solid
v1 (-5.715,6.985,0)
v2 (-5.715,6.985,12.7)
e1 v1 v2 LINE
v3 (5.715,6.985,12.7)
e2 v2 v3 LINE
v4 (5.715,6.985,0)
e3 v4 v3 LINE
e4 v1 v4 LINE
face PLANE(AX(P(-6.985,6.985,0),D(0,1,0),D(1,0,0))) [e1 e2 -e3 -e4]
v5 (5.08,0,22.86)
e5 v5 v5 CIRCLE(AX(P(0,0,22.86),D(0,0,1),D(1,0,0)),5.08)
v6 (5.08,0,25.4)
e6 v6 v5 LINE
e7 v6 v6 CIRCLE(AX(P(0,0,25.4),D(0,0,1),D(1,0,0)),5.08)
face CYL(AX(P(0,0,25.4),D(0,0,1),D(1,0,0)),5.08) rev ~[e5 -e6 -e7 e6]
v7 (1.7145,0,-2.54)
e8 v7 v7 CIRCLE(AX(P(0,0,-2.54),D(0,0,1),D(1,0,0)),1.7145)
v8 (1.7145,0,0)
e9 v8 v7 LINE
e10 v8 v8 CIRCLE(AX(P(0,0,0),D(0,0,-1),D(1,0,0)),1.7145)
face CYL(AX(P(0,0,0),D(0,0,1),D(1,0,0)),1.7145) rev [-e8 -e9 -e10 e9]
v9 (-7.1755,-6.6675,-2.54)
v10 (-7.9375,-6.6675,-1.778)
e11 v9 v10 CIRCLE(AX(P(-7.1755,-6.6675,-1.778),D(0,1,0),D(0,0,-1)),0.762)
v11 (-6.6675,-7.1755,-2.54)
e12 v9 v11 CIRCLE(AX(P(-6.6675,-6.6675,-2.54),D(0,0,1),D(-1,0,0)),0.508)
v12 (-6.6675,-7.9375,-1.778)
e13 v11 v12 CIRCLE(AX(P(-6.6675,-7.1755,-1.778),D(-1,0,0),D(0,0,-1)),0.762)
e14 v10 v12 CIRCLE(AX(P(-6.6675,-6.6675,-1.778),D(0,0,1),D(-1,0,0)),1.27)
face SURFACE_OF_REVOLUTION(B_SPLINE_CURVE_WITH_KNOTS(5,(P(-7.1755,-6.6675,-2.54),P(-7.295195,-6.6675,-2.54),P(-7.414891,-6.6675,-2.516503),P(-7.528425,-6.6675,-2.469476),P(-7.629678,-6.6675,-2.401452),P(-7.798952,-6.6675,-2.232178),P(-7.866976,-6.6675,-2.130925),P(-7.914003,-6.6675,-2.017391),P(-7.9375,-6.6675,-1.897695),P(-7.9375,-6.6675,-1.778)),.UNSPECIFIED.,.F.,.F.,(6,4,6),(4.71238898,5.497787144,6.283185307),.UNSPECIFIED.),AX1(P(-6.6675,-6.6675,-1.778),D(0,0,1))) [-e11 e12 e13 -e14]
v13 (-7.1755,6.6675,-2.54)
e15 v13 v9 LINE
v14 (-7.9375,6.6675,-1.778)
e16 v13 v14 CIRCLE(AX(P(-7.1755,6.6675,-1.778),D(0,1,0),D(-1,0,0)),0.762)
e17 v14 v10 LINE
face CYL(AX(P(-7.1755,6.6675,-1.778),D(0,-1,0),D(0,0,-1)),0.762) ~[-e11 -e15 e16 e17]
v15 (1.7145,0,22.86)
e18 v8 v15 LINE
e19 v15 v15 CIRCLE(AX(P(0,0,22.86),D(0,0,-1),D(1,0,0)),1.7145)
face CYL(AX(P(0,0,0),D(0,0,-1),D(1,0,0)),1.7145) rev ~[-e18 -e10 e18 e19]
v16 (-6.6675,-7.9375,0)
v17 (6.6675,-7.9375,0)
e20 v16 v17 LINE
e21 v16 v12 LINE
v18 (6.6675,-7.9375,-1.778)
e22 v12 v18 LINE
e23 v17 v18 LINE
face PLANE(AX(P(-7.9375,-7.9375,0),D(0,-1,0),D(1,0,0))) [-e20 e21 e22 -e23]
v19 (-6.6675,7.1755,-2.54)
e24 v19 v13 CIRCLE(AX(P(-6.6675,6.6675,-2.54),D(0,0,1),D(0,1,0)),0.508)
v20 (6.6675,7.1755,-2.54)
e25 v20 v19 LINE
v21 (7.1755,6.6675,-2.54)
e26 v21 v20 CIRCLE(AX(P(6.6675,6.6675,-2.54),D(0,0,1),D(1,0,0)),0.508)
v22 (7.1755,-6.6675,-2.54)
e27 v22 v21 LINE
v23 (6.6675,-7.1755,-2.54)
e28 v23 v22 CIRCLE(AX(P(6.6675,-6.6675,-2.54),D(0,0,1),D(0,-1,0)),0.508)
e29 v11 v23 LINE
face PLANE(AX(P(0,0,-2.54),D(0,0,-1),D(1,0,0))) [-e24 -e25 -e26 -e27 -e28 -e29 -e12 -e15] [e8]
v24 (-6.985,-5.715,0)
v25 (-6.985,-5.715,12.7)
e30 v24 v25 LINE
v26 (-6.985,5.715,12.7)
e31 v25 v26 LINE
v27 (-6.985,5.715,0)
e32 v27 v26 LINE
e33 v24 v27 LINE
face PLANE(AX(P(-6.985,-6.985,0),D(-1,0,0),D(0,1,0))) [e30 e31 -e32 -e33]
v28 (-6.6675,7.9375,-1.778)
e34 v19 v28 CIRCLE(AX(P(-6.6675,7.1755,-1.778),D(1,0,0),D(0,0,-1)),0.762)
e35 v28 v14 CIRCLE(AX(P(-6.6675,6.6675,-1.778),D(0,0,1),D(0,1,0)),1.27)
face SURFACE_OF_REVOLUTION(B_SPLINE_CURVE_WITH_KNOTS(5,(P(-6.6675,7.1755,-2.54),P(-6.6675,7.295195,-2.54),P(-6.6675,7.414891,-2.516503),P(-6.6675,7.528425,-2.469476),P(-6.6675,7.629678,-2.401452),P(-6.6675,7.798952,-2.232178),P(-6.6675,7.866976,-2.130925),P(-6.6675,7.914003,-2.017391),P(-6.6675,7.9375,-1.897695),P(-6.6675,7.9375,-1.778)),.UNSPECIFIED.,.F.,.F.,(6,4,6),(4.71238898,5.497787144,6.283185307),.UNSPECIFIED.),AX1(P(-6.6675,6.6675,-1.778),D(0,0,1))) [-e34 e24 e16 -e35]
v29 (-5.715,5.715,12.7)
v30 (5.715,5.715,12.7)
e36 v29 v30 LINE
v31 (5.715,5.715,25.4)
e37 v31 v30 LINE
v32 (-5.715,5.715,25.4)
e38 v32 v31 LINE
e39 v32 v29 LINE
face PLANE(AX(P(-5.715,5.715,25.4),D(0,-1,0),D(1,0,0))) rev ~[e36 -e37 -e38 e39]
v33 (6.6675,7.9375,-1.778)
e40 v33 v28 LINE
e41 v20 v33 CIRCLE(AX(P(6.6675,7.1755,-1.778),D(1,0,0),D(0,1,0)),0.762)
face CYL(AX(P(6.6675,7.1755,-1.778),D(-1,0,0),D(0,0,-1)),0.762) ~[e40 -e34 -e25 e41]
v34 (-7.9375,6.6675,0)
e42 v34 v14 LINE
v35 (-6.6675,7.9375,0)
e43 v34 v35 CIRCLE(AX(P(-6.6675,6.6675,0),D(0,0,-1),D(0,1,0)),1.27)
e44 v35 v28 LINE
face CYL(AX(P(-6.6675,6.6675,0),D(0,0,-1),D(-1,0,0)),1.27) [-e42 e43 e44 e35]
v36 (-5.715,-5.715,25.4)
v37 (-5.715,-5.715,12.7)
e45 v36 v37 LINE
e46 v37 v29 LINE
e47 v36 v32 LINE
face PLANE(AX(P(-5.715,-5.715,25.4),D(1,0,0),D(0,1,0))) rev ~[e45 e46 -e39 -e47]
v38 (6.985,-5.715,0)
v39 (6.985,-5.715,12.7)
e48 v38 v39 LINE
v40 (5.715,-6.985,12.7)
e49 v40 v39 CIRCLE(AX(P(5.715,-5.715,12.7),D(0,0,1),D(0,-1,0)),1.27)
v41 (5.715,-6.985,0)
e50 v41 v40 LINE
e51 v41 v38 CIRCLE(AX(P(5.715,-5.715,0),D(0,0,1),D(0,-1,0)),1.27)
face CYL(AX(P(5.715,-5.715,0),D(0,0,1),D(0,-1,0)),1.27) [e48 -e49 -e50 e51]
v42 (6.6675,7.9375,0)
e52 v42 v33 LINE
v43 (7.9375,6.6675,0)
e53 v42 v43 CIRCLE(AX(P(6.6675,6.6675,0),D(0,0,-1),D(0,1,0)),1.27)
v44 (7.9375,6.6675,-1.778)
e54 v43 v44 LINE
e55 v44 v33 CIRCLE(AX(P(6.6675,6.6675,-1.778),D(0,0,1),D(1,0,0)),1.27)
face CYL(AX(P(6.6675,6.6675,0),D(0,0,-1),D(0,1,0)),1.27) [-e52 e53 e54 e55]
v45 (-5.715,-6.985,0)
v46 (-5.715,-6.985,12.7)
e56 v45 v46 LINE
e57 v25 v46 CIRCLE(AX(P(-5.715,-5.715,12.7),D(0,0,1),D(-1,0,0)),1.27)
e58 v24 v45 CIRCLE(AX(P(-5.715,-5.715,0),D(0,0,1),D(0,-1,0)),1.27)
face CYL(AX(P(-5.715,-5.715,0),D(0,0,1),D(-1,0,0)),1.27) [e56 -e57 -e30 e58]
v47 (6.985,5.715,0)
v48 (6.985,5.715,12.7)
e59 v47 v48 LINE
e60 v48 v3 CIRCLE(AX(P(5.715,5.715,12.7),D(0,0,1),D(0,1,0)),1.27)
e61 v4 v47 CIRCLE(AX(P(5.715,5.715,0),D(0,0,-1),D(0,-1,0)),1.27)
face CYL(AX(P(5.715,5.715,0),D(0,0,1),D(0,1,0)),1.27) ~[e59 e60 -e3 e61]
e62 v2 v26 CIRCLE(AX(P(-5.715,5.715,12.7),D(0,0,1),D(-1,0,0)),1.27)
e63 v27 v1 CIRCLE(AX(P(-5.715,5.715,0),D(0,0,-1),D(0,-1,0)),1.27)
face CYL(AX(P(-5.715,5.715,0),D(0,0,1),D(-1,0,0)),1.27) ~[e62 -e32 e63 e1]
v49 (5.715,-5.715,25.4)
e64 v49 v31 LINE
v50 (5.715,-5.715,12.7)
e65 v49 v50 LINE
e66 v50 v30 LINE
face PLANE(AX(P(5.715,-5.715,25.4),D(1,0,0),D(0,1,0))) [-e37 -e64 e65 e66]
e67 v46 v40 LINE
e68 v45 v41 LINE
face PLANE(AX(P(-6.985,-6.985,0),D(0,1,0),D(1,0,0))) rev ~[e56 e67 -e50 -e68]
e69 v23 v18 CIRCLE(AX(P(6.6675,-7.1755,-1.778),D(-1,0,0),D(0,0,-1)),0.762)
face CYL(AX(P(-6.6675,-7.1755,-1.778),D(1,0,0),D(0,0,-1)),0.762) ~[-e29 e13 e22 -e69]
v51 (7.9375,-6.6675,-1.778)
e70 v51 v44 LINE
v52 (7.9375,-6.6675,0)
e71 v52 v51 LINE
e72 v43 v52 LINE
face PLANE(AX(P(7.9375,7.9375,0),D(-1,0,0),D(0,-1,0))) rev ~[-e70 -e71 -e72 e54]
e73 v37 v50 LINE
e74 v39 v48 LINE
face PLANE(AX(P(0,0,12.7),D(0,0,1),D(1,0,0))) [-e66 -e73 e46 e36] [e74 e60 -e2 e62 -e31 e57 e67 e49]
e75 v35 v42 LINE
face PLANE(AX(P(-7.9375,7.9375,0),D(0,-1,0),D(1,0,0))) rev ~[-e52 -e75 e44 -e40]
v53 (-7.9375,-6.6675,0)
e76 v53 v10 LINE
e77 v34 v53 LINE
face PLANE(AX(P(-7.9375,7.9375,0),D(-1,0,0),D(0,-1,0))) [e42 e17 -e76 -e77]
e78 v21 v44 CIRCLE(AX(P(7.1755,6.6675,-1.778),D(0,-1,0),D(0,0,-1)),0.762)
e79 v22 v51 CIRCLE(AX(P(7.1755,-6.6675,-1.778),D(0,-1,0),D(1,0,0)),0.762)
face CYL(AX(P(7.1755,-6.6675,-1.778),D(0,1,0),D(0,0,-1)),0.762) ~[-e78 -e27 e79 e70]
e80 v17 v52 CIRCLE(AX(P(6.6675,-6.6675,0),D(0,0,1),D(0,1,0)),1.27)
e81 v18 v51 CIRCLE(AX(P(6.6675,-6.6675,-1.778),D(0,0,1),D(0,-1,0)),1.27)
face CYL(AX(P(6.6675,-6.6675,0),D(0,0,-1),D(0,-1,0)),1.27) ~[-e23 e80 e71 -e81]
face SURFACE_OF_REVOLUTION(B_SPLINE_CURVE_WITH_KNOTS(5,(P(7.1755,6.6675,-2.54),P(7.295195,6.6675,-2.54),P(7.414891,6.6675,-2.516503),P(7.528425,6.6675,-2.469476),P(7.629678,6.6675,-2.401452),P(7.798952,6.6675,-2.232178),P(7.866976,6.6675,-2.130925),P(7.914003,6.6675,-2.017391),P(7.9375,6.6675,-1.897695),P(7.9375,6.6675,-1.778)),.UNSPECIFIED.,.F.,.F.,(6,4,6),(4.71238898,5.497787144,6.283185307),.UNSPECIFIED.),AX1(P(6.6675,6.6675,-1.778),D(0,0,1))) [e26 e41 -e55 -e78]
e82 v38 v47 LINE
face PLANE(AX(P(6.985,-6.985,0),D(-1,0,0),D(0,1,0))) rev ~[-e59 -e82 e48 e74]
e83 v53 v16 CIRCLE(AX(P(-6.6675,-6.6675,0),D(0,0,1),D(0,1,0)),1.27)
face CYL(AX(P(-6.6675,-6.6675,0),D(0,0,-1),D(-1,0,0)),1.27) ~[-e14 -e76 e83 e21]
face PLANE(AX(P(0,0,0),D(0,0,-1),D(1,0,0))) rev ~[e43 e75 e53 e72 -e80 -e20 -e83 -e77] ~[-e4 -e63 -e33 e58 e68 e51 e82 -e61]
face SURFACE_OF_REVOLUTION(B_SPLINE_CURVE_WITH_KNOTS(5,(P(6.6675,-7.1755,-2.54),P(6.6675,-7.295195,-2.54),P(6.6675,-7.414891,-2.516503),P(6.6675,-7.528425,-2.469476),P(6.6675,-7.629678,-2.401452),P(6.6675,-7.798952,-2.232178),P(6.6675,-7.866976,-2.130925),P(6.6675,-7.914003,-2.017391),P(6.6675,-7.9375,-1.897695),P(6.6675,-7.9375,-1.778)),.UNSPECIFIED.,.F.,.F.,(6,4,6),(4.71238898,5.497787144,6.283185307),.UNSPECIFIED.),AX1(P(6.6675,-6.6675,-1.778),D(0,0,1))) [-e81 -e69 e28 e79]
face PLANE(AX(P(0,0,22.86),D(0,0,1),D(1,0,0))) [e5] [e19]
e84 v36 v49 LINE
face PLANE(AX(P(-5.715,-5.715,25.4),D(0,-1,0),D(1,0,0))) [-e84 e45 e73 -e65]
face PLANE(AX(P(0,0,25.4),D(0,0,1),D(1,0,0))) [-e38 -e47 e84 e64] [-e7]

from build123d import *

# Parameters (mm, degrees)
F0_W           = 13.97
F0_H           = 13.97
F1_DEPTH       = 25.4
F2_R           = 5.08
F3_DEPTH       = 2.54
F5_R           = 1.27
F6_W           = 15.875
F6_H           = 15.875
F7_DEPTH       = 2.54
F8_R           = 1.27
F9_R           = 0.762
F4_R           = 1.7145
F10_DEPTH      = 25.401
F10_DEPTH_BACK = 2.541
F11_W          = 17.78
F11_H          = 17.78
F11_W_2        = 11.43
F11_H_2        = 11.43
F12_DEPTH      = 12.7


with BuildPart() as f1:
    # F0 (on Top) → F1 (new body)
    with BuildSketch(Plane.XY):
        Rectangle(F0_W, F0_H)
    extrude(amount=F1_DEPTH)

    # F2 (on face) → F3 (cut)
    with BuildSketch(Plane.XY.offset(25.4)):
        Circle(F2_R)
    extrude(amount=-F3_DEPTH, mode=Mode.SUBTRACT)

    # F5
    f5_edges = [f1.edges().sort_by_distance(p)[0] for p in [
        (-6.985, 6.985, 12.7),
        (-6.985, -6.985, 12.7),
        (6.985, 6.985, 12.7),
        (6.985, -6.985, 12.7),
    ]]
    fillet(f5_edges, radius=F5_R)

    # F6 (on face) → F7 (join)
    with BuildSketch(Plane(origin=(0, 0, 0), x_dir=(1, 0, 0), z_dir=(0, 0, -1))):
        Rectangle(F6_W, F6_H)
    extrude(amount=F7_DEPTH)

    # F8
    f8_edges = [f1.edges().sort_by_distance(p)[0] for p in [
        (7.9375, -7.9375, -1.27),
        (-7.9375, -7.9375, -1.27),
        (-7.9375, 7.9375, -1.27),
        (7.9375, 7.9375, -1.27),
    ]]
    fillet(f8_edges, radius=F8_R)

    # F9
    f9_edges = [f1.edges().sort_by_distance(p)[0] for p in [
        (0, -7.9375, -2.54),
    ]]
    fillet(f9_edges, radius=F9_R)

    # F4 (on face) → F10 (cut, two sides)
    with BuildSketch(Plane(origin=(0, 0, 0), x_dir=(1, 0, 0), z_dir=(0, 0, -1))) as f10_sk:
        Circle(F4_R)
    extrude(amount=-F10_DEPTH, mode=Mode.SUBTRACT)
    extrude(f10_sk.sketch, amount=F10_DEPTH_BACK, mode=Mode.SUBTRACT)

    # F11 (on face) → F12 (cut)
    with BuildSketch(Plane.XY.offset(25.4)):
        Rectangle(F11_W, F11_H)
        Rectangle(F11_W_2, F11_H_2, mode=Mode.SUBTRACT)
    extrude(amount=-F12_DEPTH, mode=Mode.SUBTRACT)


solid = f1.part
